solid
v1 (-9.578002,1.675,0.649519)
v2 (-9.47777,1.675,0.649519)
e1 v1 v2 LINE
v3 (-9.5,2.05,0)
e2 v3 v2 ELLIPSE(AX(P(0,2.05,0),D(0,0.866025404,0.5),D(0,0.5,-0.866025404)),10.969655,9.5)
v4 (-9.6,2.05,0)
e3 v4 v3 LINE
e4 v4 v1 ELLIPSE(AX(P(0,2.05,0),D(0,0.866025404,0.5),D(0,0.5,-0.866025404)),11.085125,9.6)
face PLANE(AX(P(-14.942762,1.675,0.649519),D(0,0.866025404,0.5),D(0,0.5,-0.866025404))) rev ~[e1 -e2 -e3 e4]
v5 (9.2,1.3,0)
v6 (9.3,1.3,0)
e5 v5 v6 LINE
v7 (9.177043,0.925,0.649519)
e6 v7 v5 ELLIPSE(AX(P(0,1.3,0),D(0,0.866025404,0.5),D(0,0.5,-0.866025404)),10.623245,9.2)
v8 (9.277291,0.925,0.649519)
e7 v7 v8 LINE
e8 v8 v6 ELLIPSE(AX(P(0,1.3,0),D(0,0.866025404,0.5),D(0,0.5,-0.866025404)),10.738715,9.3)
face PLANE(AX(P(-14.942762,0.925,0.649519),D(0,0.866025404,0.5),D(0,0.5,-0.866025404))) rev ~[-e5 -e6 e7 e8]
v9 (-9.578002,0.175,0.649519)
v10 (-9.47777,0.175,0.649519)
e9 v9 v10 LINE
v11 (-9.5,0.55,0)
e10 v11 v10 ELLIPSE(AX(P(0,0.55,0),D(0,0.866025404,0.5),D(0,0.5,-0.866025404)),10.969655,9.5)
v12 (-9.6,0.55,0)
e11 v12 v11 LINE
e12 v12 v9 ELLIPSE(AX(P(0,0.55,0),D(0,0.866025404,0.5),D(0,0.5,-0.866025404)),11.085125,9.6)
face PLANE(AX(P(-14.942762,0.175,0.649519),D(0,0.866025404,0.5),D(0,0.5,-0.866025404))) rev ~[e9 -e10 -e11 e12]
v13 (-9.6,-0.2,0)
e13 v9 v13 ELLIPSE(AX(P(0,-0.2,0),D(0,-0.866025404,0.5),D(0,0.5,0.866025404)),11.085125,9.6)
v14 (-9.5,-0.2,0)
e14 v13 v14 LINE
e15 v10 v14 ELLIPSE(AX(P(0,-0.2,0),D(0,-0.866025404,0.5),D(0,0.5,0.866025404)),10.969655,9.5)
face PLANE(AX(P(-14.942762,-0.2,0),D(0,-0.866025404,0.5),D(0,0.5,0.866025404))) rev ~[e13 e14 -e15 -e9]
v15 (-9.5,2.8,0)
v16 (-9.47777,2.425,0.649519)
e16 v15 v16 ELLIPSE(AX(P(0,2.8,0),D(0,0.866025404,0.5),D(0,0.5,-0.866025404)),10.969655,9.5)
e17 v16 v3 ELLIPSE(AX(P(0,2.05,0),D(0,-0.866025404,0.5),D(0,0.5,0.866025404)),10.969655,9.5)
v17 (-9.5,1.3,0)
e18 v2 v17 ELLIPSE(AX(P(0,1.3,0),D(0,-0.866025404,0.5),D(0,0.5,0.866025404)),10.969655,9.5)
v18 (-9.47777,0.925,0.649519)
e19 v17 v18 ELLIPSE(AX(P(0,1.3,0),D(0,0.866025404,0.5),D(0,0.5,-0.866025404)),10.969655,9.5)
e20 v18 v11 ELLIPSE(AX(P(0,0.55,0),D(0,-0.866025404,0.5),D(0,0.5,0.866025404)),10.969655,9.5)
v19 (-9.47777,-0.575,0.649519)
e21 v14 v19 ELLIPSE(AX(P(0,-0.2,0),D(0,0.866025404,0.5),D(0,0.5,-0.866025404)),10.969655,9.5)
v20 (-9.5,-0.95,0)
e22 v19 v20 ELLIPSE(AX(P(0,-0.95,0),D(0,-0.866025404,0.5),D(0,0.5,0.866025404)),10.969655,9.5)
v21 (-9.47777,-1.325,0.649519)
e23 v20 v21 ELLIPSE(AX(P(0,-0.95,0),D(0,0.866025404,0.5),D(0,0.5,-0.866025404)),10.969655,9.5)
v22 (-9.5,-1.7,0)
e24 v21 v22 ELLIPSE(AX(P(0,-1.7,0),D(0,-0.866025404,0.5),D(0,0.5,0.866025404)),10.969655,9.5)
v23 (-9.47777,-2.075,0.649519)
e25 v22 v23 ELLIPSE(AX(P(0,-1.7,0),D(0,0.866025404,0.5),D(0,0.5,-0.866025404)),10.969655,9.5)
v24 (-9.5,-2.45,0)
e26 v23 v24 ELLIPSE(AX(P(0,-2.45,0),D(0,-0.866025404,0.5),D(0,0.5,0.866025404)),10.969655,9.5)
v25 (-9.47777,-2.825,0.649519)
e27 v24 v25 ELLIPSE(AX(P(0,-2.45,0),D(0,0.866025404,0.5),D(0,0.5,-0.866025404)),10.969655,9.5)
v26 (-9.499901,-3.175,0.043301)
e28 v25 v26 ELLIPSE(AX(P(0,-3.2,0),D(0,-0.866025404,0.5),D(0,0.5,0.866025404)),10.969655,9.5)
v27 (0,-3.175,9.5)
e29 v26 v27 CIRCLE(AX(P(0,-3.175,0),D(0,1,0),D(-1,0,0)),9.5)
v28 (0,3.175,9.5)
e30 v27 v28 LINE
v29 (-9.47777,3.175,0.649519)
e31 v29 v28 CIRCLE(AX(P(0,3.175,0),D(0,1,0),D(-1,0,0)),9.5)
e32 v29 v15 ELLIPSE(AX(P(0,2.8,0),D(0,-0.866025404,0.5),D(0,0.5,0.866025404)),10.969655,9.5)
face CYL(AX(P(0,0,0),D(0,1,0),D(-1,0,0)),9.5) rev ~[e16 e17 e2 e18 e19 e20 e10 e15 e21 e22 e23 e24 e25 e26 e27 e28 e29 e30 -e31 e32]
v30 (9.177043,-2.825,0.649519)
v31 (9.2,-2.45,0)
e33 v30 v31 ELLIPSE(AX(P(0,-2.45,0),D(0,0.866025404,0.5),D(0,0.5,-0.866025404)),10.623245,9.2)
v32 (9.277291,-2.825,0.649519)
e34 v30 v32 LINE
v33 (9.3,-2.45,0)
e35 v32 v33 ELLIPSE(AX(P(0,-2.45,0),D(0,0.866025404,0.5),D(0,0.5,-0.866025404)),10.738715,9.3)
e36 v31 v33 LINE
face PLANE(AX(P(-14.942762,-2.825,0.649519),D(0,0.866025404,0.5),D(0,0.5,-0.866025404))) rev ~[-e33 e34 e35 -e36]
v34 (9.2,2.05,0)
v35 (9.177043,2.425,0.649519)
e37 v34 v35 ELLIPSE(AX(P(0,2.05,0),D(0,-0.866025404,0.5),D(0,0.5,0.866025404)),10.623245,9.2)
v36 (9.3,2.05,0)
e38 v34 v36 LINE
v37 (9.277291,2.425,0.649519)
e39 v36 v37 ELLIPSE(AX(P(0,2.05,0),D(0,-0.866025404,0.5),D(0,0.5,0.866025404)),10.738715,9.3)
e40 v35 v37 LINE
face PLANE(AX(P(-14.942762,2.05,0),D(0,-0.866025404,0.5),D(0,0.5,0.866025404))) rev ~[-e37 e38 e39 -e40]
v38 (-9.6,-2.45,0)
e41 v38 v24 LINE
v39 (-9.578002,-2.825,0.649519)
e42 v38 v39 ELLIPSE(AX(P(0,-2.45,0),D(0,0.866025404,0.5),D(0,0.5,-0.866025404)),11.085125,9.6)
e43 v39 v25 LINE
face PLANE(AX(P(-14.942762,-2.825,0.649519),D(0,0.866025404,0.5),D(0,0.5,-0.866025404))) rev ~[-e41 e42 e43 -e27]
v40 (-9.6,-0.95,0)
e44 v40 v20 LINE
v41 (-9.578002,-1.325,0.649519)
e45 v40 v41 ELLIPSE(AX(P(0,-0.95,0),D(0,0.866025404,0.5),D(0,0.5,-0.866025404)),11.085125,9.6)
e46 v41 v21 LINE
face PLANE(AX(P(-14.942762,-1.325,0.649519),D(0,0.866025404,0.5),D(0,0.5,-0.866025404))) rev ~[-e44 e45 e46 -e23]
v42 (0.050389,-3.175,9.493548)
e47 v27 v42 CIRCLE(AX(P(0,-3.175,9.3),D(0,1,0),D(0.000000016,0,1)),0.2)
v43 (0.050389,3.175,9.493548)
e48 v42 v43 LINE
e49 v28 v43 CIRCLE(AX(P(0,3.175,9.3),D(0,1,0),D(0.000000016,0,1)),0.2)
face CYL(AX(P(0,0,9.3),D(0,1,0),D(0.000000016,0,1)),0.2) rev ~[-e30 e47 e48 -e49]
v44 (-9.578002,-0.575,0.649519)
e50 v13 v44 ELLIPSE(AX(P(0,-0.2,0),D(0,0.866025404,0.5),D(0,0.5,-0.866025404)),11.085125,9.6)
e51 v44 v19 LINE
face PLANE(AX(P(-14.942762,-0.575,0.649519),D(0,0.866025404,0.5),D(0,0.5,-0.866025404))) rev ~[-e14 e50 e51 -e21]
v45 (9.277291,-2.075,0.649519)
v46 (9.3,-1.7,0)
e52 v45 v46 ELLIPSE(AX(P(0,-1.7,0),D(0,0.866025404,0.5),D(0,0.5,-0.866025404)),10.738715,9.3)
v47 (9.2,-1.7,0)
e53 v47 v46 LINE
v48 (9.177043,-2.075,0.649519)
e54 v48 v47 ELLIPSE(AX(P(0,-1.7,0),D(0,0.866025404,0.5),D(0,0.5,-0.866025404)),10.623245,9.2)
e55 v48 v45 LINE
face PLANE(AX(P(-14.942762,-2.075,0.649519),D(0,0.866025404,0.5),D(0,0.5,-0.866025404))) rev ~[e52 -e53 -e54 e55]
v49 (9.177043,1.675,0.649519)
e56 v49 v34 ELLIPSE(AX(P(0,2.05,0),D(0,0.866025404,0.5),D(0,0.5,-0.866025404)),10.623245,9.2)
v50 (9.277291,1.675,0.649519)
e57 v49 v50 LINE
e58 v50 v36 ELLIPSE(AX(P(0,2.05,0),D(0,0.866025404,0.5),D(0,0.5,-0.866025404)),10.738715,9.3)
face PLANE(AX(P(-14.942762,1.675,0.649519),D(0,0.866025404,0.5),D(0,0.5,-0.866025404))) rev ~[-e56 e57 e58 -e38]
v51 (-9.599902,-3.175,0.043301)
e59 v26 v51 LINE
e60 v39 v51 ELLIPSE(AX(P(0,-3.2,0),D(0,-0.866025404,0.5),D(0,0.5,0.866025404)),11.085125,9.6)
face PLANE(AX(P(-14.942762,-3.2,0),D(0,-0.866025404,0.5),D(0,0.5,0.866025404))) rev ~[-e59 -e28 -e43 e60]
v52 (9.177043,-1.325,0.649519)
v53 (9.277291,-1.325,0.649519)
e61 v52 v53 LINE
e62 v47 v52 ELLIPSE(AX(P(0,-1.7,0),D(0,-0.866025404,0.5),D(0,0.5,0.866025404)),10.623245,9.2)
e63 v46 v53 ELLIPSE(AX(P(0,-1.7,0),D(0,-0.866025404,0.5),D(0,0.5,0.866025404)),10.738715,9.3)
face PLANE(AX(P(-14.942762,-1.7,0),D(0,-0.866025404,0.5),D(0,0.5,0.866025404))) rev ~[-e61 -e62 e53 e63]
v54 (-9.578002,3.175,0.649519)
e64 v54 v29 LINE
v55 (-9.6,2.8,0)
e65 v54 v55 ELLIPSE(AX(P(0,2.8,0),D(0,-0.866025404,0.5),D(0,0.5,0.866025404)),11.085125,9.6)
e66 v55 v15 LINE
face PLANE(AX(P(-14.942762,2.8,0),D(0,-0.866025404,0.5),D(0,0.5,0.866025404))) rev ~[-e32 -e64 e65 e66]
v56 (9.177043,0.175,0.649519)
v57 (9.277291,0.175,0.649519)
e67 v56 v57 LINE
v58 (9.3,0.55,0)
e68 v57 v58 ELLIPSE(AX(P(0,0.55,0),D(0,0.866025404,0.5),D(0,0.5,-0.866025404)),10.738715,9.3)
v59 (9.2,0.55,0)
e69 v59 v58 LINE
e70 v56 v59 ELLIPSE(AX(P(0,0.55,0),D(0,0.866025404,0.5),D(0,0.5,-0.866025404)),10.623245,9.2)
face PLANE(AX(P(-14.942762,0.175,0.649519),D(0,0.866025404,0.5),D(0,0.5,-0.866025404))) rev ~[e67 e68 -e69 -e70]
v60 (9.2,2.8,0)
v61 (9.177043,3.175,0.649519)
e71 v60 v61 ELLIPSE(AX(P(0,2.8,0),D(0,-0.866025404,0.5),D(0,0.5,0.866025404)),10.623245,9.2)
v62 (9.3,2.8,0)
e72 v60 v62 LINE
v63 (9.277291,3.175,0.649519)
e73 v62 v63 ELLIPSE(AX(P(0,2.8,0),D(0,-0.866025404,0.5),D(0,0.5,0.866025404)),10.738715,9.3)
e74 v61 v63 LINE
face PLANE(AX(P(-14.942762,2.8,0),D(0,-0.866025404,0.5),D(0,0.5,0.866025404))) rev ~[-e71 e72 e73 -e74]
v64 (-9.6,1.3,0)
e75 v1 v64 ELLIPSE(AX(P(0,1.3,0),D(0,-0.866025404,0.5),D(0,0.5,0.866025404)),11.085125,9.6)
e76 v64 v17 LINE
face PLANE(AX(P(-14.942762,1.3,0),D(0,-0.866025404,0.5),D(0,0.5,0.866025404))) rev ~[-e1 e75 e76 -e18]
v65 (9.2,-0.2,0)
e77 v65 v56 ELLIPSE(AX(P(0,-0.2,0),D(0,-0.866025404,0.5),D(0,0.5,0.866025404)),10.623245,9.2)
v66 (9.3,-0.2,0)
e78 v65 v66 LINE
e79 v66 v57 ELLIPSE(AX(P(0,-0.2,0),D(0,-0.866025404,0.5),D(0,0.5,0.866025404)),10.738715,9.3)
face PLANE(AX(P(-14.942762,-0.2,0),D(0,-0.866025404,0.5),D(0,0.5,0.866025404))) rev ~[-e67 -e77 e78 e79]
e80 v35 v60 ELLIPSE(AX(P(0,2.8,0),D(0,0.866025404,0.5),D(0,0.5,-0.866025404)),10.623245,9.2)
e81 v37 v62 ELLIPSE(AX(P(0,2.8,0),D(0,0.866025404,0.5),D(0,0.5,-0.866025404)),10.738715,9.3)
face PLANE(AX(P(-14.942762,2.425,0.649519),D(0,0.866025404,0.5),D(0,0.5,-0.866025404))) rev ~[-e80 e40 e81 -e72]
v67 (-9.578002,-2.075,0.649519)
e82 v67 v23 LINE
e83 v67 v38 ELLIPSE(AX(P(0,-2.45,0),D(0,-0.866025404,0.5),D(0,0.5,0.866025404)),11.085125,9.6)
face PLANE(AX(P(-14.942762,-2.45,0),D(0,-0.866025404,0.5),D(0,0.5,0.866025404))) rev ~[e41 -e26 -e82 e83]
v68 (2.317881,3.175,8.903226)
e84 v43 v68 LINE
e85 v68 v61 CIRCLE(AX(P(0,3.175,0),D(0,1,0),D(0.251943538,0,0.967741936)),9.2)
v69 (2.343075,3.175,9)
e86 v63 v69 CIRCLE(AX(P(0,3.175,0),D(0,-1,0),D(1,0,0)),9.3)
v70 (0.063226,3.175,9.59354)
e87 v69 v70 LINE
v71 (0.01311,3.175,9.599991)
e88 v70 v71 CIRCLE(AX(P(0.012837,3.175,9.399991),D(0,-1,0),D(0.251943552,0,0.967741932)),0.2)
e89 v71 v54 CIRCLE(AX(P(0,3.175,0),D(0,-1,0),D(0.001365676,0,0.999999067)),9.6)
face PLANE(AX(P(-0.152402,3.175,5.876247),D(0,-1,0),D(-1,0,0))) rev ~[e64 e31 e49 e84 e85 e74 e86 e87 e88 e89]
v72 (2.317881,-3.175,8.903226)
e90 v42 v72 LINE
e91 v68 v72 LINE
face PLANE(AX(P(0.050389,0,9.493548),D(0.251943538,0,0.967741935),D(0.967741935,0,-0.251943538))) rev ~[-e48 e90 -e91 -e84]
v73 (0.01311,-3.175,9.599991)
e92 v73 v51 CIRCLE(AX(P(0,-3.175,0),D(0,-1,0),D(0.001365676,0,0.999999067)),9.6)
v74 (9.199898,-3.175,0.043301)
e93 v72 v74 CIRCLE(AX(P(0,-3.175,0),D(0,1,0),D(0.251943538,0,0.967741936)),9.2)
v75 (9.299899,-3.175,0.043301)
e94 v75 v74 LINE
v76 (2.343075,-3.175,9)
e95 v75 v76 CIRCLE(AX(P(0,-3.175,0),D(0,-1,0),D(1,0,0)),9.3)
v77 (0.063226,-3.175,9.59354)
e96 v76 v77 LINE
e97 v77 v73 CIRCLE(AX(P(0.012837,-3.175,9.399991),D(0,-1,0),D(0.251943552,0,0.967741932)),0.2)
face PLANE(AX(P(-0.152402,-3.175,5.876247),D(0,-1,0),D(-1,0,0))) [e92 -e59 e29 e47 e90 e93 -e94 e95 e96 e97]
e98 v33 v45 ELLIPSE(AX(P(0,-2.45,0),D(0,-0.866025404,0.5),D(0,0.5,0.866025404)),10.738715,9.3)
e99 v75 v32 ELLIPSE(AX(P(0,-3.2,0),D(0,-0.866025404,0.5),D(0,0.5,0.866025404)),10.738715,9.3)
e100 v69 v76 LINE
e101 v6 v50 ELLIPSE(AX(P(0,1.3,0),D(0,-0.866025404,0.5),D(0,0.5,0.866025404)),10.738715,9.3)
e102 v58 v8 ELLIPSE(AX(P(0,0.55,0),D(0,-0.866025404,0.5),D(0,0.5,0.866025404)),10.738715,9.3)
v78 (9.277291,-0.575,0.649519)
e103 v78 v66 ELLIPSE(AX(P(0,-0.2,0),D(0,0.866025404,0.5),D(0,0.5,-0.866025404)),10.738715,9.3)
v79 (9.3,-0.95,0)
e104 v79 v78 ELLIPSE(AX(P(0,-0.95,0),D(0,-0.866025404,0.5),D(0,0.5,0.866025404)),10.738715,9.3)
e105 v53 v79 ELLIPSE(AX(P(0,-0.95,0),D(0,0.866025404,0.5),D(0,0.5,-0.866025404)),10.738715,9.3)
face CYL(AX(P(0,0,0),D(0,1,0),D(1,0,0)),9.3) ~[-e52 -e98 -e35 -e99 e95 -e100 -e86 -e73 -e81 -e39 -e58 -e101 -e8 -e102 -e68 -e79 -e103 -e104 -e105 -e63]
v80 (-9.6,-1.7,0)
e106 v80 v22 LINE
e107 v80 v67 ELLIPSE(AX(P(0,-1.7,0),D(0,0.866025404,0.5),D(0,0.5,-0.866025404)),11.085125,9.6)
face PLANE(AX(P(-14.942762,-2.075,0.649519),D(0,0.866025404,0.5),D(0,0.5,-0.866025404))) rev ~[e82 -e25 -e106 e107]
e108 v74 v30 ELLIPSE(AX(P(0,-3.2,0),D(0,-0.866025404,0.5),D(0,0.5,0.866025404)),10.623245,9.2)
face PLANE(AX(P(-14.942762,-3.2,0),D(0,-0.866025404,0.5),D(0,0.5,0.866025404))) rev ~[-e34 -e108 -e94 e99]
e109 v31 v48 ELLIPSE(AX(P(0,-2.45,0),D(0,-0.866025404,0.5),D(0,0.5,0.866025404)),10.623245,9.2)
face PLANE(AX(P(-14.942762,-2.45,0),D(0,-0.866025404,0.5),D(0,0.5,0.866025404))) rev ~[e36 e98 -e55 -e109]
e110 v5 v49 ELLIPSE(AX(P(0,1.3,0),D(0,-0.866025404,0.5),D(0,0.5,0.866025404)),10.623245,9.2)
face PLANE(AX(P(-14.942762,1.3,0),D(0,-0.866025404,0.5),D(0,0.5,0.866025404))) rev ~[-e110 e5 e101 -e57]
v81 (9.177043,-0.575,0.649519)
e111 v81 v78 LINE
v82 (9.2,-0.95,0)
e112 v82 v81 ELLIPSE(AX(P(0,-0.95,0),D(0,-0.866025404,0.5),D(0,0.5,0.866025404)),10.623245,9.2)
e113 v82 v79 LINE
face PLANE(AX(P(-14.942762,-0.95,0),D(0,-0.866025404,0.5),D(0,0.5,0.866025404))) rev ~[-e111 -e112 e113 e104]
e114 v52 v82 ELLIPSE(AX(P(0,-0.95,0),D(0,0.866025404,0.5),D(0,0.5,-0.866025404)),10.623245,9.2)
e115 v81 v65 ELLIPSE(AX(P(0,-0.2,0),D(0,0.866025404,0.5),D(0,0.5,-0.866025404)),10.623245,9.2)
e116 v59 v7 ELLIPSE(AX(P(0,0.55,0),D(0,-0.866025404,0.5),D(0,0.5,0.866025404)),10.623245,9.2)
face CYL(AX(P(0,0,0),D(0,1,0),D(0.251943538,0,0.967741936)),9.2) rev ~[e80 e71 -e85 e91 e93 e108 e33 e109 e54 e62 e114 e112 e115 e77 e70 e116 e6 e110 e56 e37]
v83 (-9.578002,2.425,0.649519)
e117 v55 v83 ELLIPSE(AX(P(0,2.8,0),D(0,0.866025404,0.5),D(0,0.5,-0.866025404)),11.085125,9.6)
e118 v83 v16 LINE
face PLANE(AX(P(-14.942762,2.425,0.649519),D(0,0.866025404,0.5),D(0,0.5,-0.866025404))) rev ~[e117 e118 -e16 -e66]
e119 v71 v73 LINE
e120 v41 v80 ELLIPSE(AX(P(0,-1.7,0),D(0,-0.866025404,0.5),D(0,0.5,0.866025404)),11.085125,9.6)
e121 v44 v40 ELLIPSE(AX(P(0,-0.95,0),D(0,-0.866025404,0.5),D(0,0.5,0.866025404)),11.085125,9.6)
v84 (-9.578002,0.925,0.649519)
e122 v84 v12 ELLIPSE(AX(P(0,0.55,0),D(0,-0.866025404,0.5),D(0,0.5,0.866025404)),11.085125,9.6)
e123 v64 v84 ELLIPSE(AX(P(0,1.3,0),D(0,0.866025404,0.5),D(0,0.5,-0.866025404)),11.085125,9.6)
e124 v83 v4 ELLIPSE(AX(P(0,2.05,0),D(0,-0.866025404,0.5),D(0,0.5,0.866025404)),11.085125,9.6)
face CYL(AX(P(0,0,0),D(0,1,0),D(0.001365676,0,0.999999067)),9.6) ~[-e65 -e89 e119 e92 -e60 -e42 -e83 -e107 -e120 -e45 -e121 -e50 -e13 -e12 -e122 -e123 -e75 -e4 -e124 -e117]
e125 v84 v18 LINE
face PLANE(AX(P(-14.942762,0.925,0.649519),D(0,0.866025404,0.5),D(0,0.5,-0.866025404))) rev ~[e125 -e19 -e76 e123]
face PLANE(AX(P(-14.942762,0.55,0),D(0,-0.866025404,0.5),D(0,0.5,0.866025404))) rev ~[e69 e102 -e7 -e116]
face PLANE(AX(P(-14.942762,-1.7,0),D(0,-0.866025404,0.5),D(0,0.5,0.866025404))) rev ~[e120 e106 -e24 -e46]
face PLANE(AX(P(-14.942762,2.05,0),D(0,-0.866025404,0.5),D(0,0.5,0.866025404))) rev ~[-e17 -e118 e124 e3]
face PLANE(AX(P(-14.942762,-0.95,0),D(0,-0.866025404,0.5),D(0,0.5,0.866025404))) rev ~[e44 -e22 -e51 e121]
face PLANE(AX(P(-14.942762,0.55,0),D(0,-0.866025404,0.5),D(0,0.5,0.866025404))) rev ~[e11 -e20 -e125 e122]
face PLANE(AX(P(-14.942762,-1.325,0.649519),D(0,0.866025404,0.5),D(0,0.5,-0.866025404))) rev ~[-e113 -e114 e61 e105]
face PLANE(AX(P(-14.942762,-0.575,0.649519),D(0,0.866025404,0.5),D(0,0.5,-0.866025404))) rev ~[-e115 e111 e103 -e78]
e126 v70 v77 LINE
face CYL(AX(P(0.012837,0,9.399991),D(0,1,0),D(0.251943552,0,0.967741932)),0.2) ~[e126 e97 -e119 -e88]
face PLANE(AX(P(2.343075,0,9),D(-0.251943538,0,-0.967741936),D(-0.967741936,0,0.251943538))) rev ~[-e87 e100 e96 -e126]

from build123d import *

# Parameters (mm, degrees)
BOSS_EXTRUDE1_DEPTH     = 3.175
CUT_EXTRUDE1_DEPTH      = 14.942762459
CUT_EXTRUDE1_DEPTH_BACK = 14.942762459


with BuildPart() as part:
    # Sketch1 → Boss-Extrude1 (new, symmetric)
    with BuildSketch(Plane(origin=(0, 0, 0), x_dir=(1, 0, 0), z_dir=(0, 1, 0))):
        with BuildLine():
            Line((0.050388708, -9.493548387), (2.317880549, -8.903225806))
            ThreePointArc((2.317880549, -8.903225806), (7.278890748, -5.62652197), (9.2, 0))
            Line((9.2, 0), (9.3, 0))
            ThreePointArc((9.3, 0), (7.358009126, -5.687679817), (2.343074903, -9))
            Line((2.343074903, -9), (0.063226066, -9.593539621))
            ThreePointArc((0.063226066, -9.593539621), (0.03837284, -9.598354384), (0.013110494, -9.599991048))
            ThreePointArc((0.013110494, -9.599991048), (-6.783588256, -6.792858777), (-9.6, 0))
            Line((-9.6, 0), (-9.5, 0))
            ThreePointArc((-9.5, 0), (-6.717514421, -6.717514421), (0, -9.5))
            ThreePointArc((0, -9.5), (0.025400025, -9.49838054), (0.050388708, -9.493548387))
        make_face()
    extrude(amount=BOSS_EXTRUDE1_DEPTH, both=True)

    # Sketch2 → Cut-Extrude1 (cut, two sides: drawn at the far end of the back side and taken through both)
    with BuildSketch(Plane(origin=(0, 0, 0), x_dir=(0, 0, -1), z_dir=(1, 0, 0)).offset(-CUT_EXTRUDE1_DEPTH_BACK)):
        Polygon((0, 3.55), (0, 2.8), (-0.649519053, 3.175), align=None)
        Polygon((0, 2.8), (0, 2.05), (-0.649519053, 2.425), align=None)
        Polygon((0, 2.05), (0, 1.3), (-0.649519053, 1.675), align=None)
        Polygon((0, 1.3), (0, 0.55), (-0.649519053, 0.925), align=None)
        Polygon((0, 0.55), (0, -0.2), (-0.649519053, 0.175), align=None)
        Polygon((0, -0.2), (0, -0.95), (-0.649519053, -0.575), align=None)
        Polygon((0, -0.95), (0, -1.7), (-0.649519053, -1.325), align=None)
        Polygon((0, -1.7), (0, -2.45), (-0.649519053, -2.075), align=None)
        Polygon((0, -2.45), (0, -3.2), (-0.649519053, -2.825), align=None)
    extrude(amount=CUT_EXTRUDE1_DEPTH + CUT_EXTRUDE1_DEPTH_BACK, mode=Mode.SUBTRACT)


solid = part.part
